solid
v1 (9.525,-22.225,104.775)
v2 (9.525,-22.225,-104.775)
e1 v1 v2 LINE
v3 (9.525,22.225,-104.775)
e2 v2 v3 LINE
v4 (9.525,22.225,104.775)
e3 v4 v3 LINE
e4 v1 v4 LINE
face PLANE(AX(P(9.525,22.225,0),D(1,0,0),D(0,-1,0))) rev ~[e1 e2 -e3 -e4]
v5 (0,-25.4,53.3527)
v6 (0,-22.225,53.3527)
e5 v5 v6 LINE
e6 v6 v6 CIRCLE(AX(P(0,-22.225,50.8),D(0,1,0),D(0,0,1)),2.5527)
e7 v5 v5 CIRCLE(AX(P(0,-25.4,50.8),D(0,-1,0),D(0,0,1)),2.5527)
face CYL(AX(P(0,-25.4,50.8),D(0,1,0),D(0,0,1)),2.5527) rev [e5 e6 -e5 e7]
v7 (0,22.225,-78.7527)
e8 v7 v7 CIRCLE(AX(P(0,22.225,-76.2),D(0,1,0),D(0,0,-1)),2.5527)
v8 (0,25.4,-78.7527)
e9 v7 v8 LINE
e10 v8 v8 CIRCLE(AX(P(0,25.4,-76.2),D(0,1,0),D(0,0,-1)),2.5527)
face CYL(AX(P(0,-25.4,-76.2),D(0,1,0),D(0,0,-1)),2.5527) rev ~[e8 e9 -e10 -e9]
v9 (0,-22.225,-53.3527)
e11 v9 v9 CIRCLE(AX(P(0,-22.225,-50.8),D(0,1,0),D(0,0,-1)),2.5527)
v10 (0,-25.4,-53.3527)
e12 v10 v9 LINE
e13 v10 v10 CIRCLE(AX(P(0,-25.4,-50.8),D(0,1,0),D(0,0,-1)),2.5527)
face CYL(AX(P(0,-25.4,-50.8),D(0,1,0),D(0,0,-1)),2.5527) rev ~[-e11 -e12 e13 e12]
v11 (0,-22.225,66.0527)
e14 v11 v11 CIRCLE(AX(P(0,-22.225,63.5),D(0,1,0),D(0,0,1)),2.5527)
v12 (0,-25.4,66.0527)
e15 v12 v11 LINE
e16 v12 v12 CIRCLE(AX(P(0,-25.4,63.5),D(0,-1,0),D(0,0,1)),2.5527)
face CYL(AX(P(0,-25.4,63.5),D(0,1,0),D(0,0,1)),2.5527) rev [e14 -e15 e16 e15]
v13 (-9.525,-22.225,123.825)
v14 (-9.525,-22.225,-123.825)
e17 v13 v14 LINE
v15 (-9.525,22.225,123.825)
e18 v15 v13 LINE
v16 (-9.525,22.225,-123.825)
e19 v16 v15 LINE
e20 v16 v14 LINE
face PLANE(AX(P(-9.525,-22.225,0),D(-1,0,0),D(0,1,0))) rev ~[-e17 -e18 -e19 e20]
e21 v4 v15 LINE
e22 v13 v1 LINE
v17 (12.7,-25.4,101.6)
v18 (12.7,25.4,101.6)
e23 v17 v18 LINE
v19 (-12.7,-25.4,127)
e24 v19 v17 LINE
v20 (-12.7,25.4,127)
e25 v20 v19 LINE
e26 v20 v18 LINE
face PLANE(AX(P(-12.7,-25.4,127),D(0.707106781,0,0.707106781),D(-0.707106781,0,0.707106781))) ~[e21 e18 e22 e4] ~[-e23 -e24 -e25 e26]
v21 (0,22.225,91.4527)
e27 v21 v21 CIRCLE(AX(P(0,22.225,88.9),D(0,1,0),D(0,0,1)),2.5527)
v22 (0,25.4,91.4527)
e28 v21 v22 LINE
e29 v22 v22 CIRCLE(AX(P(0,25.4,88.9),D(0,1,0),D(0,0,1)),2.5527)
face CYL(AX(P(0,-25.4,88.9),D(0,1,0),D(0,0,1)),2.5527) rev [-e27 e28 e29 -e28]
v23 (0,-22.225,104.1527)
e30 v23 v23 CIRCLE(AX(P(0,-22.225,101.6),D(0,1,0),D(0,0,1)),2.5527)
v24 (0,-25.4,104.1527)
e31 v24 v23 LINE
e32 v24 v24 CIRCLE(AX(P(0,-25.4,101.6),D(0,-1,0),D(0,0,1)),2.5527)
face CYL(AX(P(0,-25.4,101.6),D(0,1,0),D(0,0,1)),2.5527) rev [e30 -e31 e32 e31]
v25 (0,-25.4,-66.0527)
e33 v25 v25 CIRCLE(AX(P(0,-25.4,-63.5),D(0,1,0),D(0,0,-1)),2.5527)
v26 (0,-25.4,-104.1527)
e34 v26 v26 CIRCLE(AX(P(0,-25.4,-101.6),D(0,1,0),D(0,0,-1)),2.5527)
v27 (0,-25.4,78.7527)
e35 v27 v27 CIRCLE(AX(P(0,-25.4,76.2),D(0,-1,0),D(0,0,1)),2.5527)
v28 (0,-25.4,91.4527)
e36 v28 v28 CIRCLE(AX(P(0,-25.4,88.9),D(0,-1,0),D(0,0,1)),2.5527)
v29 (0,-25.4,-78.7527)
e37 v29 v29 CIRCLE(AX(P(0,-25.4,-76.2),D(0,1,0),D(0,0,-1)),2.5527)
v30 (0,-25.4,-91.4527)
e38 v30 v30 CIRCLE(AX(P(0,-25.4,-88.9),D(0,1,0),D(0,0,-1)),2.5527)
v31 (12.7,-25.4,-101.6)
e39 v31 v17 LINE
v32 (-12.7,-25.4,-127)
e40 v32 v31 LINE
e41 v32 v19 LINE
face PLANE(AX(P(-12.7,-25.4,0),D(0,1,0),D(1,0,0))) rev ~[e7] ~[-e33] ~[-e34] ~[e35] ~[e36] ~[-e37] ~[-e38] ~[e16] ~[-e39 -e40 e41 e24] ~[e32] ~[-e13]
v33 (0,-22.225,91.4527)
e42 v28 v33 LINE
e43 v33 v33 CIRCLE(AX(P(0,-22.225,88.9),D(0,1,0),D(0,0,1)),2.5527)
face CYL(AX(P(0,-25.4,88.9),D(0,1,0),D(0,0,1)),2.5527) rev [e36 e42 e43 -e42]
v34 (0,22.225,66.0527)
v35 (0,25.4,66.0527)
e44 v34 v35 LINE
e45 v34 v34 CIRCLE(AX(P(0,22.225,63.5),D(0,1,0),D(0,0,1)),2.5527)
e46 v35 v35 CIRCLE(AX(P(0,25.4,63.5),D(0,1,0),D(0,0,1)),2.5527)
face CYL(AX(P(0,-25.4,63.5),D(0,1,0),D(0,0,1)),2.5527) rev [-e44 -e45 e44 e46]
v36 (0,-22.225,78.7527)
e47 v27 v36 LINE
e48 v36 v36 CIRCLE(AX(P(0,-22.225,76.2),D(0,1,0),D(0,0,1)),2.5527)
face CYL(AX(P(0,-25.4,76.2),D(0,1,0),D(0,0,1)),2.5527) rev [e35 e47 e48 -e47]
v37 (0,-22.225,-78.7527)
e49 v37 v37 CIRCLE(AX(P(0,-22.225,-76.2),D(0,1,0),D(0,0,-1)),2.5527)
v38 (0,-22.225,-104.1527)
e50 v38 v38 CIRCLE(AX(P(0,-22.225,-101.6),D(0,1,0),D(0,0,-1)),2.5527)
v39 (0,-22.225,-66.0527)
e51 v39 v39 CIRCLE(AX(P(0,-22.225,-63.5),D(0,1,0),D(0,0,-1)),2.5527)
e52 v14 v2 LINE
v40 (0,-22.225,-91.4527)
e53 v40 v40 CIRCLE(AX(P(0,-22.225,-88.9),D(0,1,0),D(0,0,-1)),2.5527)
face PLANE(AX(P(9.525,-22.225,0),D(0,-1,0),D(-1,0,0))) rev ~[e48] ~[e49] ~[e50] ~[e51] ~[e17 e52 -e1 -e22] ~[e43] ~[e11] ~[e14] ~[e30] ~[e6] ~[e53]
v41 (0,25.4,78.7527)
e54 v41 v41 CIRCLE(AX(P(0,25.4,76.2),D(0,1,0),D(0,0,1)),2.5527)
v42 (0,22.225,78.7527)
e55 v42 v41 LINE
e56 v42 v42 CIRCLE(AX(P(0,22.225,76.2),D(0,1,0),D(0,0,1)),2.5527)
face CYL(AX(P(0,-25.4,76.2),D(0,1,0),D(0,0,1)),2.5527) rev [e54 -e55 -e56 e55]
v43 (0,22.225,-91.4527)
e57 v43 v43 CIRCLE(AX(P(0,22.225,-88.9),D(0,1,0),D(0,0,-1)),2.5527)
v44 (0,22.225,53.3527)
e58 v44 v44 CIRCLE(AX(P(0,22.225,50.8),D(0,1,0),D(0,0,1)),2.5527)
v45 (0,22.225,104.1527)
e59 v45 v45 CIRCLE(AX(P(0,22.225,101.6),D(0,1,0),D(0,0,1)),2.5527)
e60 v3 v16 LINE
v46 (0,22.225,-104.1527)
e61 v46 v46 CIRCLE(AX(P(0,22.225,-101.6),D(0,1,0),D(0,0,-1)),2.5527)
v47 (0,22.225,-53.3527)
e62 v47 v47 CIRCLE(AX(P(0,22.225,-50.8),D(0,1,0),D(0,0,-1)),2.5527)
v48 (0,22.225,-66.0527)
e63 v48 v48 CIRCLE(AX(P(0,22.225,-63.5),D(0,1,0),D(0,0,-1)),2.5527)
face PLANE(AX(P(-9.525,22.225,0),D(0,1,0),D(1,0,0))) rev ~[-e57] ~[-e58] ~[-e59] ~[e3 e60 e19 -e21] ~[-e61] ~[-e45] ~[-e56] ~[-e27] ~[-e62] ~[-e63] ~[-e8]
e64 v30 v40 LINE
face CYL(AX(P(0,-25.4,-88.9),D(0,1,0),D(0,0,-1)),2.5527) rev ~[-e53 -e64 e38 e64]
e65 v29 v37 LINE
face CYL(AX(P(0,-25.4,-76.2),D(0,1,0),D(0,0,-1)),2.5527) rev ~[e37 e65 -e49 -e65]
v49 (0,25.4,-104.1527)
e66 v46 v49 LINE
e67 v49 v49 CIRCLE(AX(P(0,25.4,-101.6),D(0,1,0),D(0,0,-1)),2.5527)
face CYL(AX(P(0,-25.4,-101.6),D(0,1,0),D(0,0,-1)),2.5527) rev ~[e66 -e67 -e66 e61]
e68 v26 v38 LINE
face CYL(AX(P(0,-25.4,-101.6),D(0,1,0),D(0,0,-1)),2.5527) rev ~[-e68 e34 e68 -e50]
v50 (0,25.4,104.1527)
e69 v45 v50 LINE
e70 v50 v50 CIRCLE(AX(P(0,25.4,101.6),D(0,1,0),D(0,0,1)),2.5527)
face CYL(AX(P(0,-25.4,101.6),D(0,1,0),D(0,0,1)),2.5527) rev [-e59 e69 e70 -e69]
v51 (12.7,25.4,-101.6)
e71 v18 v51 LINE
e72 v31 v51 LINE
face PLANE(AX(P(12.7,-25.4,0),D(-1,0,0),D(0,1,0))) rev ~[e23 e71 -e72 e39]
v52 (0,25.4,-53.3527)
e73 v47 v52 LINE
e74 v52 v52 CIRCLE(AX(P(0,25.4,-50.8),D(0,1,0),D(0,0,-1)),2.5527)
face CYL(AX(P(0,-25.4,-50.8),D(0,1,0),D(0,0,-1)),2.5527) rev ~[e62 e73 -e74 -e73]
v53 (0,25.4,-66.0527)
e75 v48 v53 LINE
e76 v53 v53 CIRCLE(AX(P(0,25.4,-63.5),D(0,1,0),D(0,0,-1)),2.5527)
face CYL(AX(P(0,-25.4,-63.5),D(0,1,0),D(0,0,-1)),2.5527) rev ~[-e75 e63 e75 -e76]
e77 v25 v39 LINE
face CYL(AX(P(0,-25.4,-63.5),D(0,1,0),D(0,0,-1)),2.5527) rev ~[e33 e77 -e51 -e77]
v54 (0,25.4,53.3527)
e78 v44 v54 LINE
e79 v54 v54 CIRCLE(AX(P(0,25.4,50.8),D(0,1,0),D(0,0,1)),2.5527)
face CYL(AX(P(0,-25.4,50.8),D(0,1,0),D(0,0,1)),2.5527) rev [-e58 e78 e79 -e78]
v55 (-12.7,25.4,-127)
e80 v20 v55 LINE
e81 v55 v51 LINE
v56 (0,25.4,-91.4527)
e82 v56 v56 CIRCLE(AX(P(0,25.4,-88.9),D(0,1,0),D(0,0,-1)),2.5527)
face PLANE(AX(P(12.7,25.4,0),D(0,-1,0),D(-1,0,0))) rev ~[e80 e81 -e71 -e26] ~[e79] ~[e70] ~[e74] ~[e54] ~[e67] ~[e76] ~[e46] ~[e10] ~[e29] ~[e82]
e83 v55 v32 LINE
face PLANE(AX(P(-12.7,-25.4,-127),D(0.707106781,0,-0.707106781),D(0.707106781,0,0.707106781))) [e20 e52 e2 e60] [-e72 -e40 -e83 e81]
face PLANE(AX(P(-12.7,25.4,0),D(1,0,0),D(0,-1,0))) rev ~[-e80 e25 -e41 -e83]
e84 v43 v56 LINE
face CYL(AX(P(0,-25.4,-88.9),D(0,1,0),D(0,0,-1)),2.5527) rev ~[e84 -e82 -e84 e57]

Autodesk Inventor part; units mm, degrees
ref_plane "YZ Plane" through (0, 0, 0) normal (1, 0, 0) x (0, 1, 0)
ref_plane "XZ Plane" through (0, 0, 0) normal (0, 1, 0) x (-1, 0, 0)
ref_plane "XY Plane" through (0, 0, 0) normal (0, 0, 1) x (1, 0, 0)
sketch "Sketch1" plane through (0, 0, 0) normal (0, 0, 1) x (1, 0, 0)
  line L0 (-12.7, -25.4) -> (12.7, -25.4)
  line L1 (12.7, -25.4) -> (12.7, 25.4)
  line L2 (12.7, 25.4) -> (-12.7, 25.4)
  line L3 (-12.7, 25.4) -> (-12.7, -25.4)
  line L4 (-12.7, -25.4) -> (12.7, 25.4) construction
  line L5 (12.7, -25.4) -> (-12.7, 25.4) construction
  line L6 (-9.525, 22.225) -> (9.525, 22.225)
  line L7 (9.525, 22.225) -> (9.525, -22.225)
  line L8 (9.525, -22.225) -> (-9.525, -22.225)
  line L9 (-9.525, -22.225) -> (-9.525, 22.225)
  point P0 (0, 0)
  dimension "d0" = 25.4
  dimension "d1" = 50.8
  dimension "d2" = 3.175
extrude "Extrusion1" add sketch "Sketch1" along normal mid plane 254
sketch "Sketch2" plane through (-12.7, -25.4, 127) normal (0, -1, 0) x (1, 0, 0)
  line L0 (25.4, 0) -> (25.4, -254) projected
  line L1 (0, 0) -> (25.4, 0) construction
  line L2 (0, -254) -> (0, 0) construction
  line L3 (25.4, -254) -> (0, -254) projected
  line L4 (0, -254) -> (25.4, -228.6)
  point P0 (12.7, -127)
  dimension "d6" = 45
extrude "Extrusion2" cut sketch "Sketch2" against normal through all
sketch "Sketch4" plane through (-12.7, -25.4, 127) normal (0, -1, 0) x (1, 0, 0)
  line L0 (0, -254) -> (0, 0) construction
  point P0 (12.7, -127)
  point P1 (12.7, -228.6)
  point P2 (12.7, -215.9)
  point P3 (12.7, -203.2)
  point P4 (12.7, -190.5)
  point P5 (12.7, -177.8)
  dimension "d9" = 12.7
  dimension "d10" = 25.4
  dimension "d13" = 12.7
hole "Hole1" at (0, -25.4, -101.6) at (0, -25.4, -88.9) at (0, -25.4, -76.2) at (0, -25.4, -63.5) at (0, -25.4, -50.8) direction (0, 1, 0) diameter 5.1054 end through all clearance for "Flat Head Machine Screw (82)" size "#10" standard "Ansi Unified Screw Threads"
mirror "Mirror1" about plane through (0, 0, 0) normal (0, 0, 1) of "Hole1", "Extrusion2"
properties part number "TUBE,ELEVATOR,BOT,STAGE1" material "Aluminum 6061 T6 0 Cold Formed"
